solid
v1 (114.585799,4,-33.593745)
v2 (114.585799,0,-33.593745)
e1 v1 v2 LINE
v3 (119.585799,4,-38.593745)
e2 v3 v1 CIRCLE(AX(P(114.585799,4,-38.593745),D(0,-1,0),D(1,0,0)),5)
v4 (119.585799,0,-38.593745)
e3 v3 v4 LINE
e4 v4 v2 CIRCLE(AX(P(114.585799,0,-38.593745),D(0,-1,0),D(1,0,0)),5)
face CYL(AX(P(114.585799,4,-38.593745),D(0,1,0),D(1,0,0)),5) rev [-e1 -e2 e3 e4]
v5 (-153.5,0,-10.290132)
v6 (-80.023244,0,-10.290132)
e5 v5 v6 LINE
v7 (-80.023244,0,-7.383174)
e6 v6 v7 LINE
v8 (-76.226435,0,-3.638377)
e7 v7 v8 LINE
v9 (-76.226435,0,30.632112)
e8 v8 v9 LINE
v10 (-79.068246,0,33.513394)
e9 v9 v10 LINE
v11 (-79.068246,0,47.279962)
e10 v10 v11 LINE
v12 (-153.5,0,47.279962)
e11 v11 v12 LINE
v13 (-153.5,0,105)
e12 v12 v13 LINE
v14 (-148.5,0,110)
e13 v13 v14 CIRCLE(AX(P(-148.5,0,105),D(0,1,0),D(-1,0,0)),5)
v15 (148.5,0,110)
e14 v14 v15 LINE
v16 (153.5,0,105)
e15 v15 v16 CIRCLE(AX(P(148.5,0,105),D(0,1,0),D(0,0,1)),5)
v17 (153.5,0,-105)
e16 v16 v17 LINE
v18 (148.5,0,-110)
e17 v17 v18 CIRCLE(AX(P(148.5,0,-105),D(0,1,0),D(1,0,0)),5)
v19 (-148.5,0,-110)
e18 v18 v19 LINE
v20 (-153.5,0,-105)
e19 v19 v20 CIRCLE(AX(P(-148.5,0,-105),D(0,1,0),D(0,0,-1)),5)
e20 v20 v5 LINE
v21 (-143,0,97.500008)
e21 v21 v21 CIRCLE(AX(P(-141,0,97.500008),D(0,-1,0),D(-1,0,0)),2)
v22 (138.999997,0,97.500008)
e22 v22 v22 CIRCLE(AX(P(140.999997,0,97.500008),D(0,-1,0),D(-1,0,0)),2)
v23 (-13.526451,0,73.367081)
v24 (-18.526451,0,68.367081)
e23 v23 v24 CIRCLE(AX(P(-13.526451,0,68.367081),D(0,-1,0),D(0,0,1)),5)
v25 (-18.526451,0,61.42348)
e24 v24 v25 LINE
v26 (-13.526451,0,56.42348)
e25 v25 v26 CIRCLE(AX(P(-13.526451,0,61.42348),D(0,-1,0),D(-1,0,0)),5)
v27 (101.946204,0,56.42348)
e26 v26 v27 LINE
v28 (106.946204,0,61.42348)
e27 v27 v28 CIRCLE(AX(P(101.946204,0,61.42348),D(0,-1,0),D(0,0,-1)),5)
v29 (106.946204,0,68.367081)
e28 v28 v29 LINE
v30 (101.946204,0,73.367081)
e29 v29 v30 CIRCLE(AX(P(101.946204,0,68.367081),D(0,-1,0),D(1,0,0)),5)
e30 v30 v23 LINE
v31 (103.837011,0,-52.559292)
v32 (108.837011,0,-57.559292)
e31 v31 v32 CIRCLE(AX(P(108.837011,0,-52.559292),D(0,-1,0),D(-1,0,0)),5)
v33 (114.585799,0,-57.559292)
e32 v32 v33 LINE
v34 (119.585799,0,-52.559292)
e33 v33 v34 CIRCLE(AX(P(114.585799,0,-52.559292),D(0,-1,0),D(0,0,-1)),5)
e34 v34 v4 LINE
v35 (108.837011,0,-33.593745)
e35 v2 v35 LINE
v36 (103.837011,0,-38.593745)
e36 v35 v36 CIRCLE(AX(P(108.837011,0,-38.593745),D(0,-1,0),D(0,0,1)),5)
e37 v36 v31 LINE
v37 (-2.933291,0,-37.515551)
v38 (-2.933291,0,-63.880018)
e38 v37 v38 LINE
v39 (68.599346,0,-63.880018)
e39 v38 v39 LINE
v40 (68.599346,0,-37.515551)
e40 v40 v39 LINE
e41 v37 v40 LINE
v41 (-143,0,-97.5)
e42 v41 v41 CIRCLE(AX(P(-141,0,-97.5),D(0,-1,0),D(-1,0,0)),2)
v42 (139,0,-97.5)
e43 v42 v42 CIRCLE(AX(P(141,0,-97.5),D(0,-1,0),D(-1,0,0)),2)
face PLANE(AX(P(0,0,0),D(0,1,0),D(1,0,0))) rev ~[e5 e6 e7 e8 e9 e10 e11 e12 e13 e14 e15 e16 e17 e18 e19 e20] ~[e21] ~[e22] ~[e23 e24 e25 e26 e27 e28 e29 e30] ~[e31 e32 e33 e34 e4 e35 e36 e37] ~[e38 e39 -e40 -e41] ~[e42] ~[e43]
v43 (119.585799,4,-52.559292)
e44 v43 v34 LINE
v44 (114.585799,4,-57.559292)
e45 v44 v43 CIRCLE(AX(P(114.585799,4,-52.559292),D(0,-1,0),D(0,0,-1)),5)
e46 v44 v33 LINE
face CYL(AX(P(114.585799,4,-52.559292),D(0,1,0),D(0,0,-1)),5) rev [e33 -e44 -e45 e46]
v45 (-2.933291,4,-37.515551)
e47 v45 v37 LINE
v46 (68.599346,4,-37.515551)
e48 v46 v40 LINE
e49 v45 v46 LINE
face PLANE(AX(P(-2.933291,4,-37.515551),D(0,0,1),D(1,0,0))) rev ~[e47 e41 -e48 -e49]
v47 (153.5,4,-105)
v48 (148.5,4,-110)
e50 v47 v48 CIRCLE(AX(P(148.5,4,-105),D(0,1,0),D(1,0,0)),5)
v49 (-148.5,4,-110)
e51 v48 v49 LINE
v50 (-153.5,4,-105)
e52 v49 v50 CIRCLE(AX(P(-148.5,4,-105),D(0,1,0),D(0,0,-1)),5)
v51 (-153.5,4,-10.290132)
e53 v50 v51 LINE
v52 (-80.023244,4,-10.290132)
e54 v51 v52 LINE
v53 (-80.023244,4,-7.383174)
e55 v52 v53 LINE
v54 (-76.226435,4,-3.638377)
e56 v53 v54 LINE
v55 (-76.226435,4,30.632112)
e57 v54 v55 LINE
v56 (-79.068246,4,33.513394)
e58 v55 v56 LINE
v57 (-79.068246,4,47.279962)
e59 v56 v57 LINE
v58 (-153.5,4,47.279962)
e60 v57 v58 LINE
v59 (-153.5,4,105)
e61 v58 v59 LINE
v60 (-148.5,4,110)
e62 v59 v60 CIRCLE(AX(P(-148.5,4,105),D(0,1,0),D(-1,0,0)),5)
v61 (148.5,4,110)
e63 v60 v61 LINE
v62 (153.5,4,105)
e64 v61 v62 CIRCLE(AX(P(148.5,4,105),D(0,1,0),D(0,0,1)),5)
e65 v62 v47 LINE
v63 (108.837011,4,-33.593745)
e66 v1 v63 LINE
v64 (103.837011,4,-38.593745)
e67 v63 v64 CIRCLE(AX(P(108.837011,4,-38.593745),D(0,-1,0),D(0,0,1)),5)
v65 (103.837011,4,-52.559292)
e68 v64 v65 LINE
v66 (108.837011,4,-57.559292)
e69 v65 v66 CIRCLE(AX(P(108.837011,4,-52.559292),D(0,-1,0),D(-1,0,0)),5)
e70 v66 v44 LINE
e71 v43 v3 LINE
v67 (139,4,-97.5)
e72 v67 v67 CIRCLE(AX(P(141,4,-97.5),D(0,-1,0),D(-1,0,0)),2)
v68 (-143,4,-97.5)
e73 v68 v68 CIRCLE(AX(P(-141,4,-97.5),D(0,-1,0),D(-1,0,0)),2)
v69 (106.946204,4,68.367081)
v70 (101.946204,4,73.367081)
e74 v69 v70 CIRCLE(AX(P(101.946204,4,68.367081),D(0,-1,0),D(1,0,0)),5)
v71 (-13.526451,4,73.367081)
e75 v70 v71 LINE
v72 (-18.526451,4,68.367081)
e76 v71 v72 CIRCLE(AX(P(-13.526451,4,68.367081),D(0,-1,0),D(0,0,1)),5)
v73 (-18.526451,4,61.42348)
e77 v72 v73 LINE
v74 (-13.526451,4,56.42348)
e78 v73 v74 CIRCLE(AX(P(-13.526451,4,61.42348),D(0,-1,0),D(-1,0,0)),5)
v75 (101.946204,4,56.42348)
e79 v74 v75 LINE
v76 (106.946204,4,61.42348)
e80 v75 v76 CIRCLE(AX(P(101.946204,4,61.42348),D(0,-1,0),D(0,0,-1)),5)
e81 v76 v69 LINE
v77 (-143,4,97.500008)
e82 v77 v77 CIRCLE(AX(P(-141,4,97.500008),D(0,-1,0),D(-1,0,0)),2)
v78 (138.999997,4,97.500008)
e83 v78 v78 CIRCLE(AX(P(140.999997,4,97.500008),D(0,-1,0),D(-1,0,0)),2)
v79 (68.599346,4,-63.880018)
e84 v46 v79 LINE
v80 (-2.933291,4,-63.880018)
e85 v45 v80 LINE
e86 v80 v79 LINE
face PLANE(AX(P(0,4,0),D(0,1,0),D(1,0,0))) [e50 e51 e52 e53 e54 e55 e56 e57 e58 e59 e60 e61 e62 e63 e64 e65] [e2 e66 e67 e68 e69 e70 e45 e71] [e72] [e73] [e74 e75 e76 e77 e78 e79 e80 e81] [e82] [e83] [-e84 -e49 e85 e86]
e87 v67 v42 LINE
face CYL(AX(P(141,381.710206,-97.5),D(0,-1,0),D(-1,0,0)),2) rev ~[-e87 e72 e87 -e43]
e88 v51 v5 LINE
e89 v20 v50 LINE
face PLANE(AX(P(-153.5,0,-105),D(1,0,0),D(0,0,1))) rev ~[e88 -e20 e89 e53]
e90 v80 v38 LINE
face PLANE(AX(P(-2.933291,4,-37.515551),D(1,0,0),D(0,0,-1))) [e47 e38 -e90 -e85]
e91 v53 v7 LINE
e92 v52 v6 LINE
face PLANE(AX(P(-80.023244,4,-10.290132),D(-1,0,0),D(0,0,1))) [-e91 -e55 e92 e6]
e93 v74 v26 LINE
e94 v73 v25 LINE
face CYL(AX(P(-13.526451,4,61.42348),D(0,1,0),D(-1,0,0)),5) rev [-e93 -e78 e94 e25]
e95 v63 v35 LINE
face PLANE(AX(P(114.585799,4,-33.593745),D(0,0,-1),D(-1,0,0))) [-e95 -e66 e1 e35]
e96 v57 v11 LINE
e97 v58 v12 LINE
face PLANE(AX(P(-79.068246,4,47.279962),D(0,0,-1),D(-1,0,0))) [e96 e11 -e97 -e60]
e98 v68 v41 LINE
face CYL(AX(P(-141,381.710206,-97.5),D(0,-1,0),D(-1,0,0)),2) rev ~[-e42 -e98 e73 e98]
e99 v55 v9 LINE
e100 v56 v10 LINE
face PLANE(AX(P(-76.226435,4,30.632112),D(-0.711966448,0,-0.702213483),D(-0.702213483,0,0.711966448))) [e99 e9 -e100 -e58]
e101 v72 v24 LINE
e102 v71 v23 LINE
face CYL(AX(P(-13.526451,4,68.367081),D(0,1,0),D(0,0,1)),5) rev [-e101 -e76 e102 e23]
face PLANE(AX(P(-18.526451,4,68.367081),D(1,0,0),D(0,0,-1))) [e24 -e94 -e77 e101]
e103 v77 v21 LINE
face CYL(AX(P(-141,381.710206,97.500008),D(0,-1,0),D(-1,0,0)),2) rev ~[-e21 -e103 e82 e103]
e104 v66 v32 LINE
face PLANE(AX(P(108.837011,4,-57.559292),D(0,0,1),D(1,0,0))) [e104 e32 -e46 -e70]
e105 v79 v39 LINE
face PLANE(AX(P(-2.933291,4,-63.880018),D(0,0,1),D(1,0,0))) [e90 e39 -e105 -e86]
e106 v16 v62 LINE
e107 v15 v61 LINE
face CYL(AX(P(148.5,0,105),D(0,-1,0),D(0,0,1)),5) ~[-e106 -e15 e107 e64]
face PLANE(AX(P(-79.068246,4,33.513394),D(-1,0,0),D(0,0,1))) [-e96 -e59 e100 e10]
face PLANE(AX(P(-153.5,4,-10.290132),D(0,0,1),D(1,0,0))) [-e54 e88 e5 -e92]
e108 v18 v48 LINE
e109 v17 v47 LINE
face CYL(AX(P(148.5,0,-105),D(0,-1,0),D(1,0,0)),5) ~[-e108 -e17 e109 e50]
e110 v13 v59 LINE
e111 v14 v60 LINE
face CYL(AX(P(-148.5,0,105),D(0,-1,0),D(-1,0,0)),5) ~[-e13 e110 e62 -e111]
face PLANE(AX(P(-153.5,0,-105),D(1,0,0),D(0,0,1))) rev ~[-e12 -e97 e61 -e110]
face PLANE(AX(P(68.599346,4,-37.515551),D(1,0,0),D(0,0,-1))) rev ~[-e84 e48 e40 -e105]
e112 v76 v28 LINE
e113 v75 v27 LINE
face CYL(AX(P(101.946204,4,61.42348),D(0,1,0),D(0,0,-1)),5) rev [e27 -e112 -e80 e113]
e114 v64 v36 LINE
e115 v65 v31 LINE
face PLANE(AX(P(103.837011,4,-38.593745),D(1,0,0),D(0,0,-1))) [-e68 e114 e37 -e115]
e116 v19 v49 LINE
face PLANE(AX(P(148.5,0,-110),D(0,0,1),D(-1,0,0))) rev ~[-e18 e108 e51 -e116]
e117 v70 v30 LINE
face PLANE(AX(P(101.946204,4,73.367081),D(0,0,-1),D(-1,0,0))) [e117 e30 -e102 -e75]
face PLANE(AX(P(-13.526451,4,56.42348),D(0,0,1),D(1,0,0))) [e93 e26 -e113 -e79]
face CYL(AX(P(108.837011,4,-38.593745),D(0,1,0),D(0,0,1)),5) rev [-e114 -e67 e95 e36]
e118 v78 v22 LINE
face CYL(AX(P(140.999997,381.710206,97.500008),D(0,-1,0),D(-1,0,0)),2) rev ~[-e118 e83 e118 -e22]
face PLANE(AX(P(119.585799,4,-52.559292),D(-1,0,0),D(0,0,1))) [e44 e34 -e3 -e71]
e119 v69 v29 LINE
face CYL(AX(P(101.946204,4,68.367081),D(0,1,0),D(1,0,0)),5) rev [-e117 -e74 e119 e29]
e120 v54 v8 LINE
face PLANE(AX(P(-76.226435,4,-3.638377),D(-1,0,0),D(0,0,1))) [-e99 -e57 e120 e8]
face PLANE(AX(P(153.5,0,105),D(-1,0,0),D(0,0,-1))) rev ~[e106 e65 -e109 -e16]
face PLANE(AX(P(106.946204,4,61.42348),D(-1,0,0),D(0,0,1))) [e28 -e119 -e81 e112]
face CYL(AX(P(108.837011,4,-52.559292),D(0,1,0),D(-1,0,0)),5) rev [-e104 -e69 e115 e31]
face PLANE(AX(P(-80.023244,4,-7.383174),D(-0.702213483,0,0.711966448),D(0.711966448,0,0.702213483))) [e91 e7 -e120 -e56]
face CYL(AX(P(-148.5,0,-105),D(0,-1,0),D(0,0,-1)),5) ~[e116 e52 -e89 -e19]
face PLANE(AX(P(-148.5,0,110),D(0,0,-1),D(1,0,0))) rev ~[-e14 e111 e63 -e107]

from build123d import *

# Parameters (mm, degrees)
BOSS_EXTRUDE1_DEPTH   = 4
SKETCH4_W             = 71.532637276
SKETCH4_H             = 26.364466528
CUT_EXTRUDE1_DEPTH    = 4
F_4_0MM_DOWEL_HOLE1_D = 4


with BuildPart() as part:
    # Sketch1 → Boss-Extrude1 (new body)
    with BuildSketch(Plane(origin=(0, 0, 0), x_dir=(1, 0, 0), z_dir=(0, 1, 0))):
        with BuildLine():
            Line((-148.5, -110), (148.5, -110))
            ThreePointArc((148.5, -110), (152.035533906, -108.535533906), (153.5, -105))
            Line((153.5, -105), (153.5, 105))
            ThreePointArc((153.5, 105), (152.035533906, 108.535533906), (148.5, 110))
            Line((148.5, 110), (-148.5, 110))
            ThreePointArc((-148.5, 110), (-152.035533906, 108.535533906), (-153.5, 105))
            Line((-153.5, 105), (-153.5, -105))
            ThreePointArc((-153.5, -105), (-152.035533906, -108.535533906), (-148.5, -110))
        make_face()
    extrude(amount=BOSS_EXTRUDE1_DEPTH)

    # Sketch4 → Cut-Extrude1 (cut)
    with BuildSketch(Plane(origin=(0, 4, 0), x_dir=(1, 0, 0), z_dir=(0, 1, 0))):
        Polygon((-153.5, 10.290131999), (-80.023243562, 10.290131999), (-80.023243562, 7.383174491), (-76.226434875, 3.638376882), (-76.226434875, -30.63211249), (-79.068246362, -33.513393581), (-79.068246362, -47.279961532), (-153.5, -47.279961532), align=None)
        with Locations((32.833027244, 50.697784315)):
            Rectangle(SKETCH4_W, SKETCH4_H)
        with BuildLine():
            Line((108.837010637, 57.559292177), (114.585798826, 57.559292177))
            ThreePointArc((114.585798826, 57.559292177), (118.121332732, 56.094826083), (119.585798826, 52.559292177))
            Line((119.585798826, 52.559292177), (119.585798826, 38.593744934))
            ThreePointArc((119.585798826, 38.593744934), (118.121332732, 35.058211028), (114.585798826, 33.593744934))
            Line((114.585798826, 33.593744934), (108.837010637, 33.593744934))
            ThreePointArc((108.837010637, 33.593744934), (105.301476732, 35.058211028), (103.837010637, 38.593744934))
            Line((103.837010637, 38.593744934), (103.837010637, 52.559292177))
            ThreePointArc((103.837010637, 52.559292177), (105.301476732, 56.094826083), (108.837010637, 57.559292177))
        make_face()
        with BuildLine():
            Line((-13.526451363, -56.423479831), (101.946204315, -56.423479831))
            ThreePointArc((101.946204315, -56.423479831), (105.481738221, -57.887945925), (106.946204315, -61.423479831))
            Line((106.946204315, -61.423479831), (106.946204315, -68.367080563))
            ThreePointArc((106.946204315, -68.367080563), (105.481738221, -71.902614469), (101.946204315, -73.367080563))
            Line((101.946204315, -73.367080563), (-13.526451363, -73.367080563))
            ThreePointArc((-13.526451363, -73.367080563), (-17.061985269, -71.902614469), (-18.526451363, -68.367080563))
            Line((-18.526451363, -68.367080563), (-18.526451363, -61.423479831))
            ThreePointArc((-18.526451363, -61.423479831), (-17.061985269, -57.887945925), (-13.526451363, -56.423479831))
        make_face()
    extrude(amount=-CUT_EXTRUDE1_DEPTH, mode=Mode.SUBTRACT)

    # Ø4.0mm Dowel Hole1 (through all)
    with Locations(Plane(origin=(0, 4, 0), x_dir=(1, 0, 0), z_dir=(0, 1, 0))):
        with Locations((-141, -97.5000082), (140.9999974, -97.5000082), (141, 97.5), (-141, 97.5)):
            Hole(F_4_0MM_DOWEL_HOLE1_D / 2)


solid = part.part
